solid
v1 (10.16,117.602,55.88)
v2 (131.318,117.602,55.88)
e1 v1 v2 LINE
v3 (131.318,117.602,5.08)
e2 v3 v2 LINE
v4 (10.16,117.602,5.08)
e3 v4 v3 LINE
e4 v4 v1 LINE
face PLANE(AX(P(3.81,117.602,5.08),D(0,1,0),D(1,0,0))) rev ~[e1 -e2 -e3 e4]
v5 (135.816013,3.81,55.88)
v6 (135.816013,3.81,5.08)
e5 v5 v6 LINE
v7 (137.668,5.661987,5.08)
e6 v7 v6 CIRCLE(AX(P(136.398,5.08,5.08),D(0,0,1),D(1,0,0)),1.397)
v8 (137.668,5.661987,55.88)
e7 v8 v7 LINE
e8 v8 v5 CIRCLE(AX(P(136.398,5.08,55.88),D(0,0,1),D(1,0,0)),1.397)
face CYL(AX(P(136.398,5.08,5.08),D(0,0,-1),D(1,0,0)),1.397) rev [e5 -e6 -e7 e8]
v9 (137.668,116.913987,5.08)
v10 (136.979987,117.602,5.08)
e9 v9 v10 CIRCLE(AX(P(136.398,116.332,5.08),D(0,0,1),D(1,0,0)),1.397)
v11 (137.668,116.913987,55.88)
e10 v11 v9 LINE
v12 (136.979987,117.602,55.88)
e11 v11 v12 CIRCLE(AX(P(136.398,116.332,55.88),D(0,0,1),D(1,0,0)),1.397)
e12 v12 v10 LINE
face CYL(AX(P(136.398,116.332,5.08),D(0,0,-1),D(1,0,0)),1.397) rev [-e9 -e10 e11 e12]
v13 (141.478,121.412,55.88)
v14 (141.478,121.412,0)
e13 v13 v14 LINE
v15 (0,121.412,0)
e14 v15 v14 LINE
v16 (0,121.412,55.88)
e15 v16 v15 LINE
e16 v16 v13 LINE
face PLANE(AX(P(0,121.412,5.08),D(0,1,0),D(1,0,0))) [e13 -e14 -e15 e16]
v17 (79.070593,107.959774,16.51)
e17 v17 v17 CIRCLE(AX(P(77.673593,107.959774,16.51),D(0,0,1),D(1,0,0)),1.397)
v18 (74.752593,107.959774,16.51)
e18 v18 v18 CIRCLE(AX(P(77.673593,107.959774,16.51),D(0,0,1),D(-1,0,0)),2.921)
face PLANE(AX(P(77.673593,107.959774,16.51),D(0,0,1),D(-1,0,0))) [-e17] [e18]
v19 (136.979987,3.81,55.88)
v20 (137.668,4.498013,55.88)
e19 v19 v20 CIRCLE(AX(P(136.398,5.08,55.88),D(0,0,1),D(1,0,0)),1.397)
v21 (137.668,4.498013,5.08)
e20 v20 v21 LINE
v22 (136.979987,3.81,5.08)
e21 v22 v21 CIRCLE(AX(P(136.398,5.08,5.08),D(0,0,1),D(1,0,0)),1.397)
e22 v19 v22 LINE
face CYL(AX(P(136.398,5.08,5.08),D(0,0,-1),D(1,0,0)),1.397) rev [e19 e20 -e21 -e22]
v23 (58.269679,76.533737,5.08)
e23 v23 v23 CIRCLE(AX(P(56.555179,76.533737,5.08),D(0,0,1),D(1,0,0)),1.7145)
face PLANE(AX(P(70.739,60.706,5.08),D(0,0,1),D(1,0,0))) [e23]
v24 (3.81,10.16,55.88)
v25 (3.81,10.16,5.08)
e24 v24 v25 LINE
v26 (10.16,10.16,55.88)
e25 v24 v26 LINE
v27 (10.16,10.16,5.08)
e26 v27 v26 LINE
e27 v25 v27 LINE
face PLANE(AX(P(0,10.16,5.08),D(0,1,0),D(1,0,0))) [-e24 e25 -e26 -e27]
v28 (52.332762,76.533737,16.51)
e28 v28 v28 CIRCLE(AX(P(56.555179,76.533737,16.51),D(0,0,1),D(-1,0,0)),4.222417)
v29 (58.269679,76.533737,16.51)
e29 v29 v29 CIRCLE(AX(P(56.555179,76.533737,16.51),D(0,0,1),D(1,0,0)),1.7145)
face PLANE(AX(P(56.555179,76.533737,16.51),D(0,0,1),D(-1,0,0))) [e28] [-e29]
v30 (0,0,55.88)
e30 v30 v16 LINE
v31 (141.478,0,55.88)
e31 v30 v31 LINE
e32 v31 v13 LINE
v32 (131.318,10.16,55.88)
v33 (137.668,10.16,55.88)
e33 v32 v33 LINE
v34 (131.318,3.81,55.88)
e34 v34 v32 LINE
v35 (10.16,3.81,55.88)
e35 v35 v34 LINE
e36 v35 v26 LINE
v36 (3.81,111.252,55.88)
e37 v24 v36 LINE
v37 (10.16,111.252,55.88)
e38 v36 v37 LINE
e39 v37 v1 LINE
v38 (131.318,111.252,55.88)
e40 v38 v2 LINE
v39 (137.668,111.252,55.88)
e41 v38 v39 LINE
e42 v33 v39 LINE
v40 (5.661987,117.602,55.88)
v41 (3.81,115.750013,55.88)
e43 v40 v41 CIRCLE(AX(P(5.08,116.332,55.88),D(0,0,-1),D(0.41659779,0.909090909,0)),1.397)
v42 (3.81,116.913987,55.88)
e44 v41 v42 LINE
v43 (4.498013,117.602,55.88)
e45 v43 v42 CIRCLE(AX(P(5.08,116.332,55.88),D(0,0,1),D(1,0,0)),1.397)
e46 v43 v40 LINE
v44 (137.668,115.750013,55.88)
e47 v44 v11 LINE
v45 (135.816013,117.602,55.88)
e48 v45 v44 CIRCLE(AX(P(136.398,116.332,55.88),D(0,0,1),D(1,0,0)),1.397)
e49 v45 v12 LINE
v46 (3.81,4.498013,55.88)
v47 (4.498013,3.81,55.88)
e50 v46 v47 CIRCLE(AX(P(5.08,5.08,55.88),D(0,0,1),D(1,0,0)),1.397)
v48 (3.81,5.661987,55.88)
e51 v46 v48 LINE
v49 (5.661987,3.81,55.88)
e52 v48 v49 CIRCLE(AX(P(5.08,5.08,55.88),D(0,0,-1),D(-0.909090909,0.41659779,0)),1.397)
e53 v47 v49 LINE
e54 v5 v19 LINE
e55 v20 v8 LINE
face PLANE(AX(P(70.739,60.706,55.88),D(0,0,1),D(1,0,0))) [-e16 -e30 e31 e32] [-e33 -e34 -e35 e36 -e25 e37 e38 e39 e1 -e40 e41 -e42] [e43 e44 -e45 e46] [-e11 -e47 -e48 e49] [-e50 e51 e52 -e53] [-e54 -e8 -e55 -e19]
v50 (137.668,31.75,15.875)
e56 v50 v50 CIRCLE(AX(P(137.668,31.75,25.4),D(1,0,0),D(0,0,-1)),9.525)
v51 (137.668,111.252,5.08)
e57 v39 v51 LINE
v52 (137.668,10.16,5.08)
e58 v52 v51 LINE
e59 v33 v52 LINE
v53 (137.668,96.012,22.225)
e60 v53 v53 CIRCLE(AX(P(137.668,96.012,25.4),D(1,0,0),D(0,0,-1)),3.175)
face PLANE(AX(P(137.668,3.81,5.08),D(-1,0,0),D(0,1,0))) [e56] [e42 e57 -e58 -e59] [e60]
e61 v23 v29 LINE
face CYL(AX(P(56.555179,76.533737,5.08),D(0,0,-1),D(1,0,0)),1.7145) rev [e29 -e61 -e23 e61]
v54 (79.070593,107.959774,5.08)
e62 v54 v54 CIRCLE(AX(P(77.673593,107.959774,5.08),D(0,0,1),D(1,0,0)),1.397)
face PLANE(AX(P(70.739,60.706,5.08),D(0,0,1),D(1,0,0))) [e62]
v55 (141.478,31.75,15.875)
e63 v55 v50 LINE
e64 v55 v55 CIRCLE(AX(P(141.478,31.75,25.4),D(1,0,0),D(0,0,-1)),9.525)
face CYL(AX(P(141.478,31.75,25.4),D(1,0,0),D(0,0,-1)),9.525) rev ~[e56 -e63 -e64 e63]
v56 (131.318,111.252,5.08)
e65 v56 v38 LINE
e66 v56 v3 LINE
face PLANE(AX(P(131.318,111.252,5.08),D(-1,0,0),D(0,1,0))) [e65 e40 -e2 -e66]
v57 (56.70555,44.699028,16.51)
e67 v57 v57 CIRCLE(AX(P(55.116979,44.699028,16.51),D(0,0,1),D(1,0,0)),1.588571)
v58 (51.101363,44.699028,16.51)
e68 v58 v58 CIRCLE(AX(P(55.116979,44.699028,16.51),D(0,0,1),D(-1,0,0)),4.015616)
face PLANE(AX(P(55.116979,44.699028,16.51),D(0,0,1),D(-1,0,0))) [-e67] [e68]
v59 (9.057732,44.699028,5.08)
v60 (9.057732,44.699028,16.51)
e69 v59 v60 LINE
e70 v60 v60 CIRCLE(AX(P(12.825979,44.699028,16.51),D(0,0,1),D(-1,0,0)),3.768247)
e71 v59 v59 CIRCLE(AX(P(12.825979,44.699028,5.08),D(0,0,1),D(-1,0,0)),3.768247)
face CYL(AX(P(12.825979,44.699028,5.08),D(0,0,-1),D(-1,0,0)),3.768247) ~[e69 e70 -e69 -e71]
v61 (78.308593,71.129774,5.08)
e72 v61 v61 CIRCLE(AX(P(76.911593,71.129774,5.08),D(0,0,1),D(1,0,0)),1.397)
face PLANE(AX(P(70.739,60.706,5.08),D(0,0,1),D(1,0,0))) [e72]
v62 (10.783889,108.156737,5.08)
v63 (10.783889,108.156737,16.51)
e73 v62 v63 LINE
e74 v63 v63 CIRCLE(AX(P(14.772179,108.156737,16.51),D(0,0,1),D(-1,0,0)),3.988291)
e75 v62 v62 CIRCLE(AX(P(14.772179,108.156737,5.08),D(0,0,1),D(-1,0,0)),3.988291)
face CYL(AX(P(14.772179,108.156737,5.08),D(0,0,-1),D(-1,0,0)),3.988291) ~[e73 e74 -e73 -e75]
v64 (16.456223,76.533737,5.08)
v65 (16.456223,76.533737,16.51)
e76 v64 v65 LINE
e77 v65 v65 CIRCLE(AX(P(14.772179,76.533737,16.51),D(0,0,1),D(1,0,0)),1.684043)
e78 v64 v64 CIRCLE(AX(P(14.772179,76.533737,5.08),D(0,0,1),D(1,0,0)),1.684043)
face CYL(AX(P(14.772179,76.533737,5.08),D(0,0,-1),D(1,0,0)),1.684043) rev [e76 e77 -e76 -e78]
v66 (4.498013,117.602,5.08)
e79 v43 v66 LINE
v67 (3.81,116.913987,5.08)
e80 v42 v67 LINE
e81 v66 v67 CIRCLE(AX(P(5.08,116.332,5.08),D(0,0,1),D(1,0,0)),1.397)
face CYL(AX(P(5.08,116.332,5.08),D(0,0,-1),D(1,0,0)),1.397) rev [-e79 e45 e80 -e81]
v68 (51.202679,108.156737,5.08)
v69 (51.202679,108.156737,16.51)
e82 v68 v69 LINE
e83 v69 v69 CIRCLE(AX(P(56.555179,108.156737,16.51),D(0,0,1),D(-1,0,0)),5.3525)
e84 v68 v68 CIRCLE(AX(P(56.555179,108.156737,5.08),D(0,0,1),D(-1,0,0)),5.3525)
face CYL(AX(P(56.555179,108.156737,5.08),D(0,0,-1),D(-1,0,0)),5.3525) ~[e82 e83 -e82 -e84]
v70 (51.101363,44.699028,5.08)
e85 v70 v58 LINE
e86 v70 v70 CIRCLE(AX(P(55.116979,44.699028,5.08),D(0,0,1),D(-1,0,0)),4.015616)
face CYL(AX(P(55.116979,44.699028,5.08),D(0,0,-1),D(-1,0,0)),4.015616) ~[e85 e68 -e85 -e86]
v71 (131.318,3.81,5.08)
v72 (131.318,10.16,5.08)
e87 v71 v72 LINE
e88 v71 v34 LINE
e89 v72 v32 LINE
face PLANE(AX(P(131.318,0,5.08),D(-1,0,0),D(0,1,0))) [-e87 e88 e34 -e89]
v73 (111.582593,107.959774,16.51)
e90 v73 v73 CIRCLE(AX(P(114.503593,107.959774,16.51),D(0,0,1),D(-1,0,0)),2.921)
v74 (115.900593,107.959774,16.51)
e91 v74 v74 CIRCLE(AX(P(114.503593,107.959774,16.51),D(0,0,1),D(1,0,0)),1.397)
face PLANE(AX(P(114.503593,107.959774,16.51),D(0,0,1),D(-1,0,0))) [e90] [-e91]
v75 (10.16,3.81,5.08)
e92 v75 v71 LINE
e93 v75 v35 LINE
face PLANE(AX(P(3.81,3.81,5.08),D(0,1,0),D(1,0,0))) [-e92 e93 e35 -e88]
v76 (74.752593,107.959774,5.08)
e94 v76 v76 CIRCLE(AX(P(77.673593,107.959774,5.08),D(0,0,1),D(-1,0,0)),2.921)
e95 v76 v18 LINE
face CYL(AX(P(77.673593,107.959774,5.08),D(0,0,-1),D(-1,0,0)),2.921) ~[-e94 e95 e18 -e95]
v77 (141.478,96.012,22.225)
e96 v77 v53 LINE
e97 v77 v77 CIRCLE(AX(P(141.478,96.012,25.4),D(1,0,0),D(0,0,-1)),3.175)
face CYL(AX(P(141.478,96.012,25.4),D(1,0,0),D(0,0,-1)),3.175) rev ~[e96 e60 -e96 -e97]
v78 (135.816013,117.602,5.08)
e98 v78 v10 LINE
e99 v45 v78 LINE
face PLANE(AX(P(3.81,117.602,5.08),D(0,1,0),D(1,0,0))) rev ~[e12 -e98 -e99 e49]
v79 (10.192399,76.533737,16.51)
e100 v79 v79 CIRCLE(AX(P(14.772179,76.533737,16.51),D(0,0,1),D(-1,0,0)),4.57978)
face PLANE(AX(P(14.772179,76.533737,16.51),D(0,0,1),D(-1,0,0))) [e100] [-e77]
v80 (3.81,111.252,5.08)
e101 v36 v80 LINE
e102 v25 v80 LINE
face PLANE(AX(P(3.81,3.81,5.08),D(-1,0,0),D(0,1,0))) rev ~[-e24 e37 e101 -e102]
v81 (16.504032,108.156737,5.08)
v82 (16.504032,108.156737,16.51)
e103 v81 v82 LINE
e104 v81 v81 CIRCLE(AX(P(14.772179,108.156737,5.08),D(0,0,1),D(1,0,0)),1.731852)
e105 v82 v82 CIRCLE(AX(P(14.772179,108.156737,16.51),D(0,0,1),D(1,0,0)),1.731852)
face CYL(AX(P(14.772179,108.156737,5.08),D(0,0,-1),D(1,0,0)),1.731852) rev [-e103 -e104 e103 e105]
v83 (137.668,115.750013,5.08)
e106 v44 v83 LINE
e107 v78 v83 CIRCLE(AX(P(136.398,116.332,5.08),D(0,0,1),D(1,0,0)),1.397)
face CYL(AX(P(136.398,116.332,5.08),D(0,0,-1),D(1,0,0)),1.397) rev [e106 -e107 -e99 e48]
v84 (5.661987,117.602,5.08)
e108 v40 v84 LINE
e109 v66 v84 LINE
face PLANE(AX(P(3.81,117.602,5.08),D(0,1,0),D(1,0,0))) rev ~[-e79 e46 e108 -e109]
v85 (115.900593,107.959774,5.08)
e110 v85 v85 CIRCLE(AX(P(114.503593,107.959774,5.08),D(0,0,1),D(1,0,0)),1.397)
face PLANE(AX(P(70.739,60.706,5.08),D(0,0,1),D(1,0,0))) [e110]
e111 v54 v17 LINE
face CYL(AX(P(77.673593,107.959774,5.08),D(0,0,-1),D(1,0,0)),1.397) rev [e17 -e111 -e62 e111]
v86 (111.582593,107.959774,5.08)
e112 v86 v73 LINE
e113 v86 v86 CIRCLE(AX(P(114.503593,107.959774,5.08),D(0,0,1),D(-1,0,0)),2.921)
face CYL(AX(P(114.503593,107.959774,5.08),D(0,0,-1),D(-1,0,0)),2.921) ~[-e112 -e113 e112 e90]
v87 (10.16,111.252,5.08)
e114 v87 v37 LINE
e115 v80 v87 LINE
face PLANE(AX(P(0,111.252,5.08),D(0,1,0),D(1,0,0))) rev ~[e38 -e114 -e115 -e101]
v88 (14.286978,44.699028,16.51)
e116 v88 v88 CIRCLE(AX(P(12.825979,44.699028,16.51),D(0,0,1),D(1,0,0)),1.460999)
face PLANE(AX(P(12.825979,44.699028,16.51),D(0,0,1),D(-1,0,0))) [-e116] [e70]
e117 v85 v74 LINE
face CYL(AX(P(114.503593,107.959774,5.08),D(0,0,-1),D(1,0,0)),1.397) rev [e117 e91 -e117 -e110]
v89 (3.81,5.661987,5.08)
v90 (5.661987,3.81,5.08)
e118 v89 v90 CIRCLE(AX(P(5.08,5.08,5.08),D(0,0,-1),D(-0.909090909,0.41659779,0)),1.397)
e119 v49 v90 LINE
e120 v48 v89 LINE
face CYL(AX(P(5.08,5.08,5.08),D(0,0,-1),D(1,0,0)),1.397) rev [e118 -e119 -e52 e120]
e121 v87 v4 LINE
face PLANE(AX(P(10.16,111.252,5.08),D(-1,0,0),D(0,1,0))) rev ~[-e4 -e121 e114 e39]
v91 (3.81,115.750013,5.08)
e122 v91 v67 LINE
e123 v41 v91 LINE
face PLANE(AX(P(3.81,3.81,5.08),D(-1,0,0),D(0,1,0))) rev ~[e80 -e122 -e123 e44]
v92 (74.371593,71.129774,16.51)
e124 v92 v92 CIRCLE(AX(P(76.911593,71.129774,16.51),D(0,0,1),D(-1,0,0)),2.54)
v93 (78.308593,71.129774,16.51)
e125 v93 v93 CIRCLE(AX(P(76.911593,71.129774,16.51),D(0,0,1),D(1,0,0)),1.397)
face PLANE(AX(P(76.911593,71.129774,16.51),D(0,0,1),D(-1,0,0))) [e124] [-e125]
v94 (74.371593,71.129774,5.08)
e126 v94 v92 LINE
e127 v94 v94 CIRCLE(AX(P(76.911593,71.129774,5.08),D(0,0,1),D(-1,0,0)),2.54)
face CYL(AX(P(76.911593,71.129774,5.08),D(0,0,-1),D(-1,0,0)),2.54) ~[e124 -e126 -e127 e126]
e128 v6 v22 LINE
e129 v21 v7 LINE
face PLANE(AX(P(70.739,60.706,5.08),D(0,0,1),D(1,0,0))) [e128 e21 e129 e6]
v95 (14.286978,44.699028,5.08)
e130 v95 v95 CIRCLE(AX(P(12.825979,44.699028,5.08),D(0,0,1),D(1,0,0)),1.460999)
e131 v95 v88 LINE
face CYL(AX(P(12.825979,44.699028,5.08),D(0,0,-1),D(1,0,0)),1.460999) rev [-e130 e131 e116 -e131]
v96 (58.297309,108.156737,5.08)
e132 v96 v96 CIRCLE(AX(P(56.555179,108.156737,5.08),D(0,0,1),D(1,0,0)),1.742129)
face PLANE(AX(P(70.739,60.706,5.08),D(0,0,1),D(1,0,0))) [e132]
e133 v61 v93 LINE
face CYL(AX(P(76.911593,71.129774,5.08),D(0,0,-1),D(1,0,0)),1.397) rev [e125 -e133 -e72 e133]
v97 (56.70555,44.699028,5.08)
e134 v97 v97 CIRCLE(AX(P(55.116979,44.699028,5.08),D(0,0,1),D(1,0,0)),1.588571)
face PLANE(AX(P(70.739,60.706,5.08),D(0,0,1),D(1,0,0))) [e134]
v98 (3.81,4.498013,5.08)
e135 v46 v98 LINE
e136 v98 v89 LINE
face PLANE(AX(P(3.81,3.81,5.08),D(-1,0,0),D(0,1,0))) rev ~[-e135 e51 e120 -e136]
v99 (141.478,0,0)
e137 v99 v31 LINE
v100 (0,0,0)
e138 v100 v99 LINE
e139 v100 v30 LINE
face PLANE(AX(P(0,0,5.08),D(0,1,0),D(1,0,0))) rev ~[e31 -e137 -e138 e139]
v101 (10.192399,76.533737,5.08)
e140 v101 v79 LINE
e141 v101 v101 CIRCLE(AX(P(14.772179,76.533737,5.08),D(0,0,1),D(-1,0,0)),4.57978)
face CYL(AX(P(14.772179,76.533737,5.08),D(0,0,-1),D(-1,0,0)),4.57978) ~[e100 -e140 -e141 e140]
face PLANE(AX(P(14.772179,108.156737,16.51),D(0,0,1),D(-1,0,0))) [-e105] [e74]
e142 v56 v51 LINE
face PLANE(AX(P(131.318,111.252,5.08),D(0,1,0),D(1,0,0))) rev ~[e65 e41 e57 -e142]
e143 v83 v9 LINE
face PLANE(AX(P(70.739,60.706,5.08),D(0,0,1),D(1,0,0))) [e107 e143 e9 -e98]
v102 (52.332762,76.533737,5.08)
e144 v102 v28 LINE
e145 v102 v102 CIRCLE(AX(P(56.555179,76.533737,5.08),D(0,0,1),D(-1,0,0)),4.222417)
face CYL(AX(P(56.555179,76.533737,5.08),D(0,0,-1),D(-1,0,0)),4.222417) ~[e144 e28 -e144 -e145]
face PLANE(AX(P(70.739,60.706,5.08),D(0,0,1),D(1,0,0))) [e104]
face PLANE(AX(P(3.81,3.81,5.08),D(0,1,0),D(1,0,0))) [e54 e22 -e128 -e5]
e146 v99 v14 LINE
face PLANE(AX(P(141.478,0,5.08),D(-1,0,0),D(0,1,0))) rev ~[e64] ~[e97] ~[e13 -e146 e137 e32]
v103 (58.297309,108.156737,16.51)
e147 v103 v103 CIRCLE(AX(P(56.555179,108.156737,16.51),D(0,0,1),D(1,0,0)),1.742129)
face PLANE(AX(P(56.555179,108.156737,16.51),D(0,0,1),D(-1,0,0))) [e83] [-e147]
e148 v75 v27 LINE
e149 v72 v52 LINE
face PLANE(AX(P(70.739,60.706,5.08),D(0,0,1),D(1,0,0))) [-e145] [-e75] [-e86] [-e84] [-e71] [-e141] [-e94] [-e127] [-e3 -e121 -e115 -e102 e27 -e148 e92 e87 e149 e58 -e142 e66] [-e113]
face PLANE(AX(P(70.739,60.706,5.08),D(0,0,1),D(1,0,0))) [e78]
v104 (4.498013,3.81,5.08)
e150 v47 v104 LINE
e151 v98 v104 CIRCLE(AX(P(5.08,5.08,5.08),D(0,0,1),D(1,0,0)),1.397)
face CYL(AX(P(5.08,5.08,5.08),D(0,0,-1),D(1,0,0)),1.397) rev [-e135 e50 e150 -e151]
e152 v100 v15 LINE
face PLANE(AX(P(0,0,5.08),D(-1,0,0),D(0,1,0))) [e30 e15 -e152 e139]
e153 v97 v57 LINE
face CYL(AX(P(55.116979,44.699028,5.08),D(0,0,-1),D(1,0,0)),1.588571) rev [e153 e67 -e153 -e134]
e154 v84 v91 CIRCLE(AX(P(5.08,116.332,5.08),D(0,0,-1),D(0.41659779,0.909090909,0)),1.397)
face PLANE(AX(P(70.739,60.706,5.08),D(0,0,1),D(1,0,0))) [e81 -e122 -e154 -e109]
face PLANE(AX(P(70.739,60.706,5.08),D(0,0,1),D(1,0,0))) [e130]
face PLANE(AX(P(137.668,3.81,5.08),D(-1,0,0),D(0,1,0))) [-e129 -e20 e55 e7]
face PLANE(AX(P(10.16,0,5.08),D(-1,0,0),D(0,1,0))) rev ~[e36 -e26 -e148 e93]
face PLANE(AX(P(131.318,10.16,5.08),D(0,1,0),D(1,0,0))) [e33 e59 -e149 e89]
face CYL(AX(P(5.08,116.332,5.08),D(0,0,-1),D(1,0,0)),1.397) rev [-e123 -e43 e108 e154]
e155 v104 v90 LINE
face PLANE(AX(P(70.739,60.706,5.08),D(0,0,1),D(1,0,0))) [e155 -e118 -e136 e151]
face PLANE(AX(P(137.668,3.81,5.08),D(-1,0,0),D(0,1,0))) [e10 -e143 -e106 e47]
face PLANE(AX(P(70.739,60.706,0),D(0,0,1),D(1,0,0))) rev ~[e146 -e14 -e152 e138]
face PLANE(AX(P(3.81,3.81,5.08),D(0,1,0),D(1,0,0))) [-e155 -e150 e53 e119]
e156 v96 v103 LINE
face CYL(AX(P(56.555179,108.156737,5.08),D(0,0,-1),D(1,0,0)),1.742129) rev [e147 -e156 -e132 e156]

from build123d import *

# Parameters (mm, degrees)
SKETCH1_W           = 141.478
SKETCH1_H           = 121.412
BOSS_EXTRUDE1_DEPTH = 5.08
SKETCH2_W           = 141.478
SKETCH2_H           = 121.412
SKETCH2_W_2         = 133.858
SKETCH2_H_2         = 113.792
BOSS_EXTRUDE2_DEPTH = 50.8
SKETCH3_W           = 10.16
SKETCH3_H           = 10.16
SKETCH3_R           = 1.397
BOSS_EXTRUDE3_DEPTH = 50.8
SKETCH4_R           = 9.525
CUT_EXTRUDE1_DEPTH  = 50.8
SKETCH5_R           = 3.175
CUT_EXTRUDE2_DEPTH  = 50.8
SKETCH6_R           = 5.352500138
SKETCH6_R_2         = 1.742129358
SKETCH6_R_3         = 4.222417447
SKETCH6_R_4         = 1.7145
SKETCH6_R_5         = 4.579780215
SKETCH6_R_6         = 1.684043279
SKETCH6_R_7         = 3.988290748
SKETCH6_R_8         = 1.731852199
SKETCH6_R_9         = 4.015615957
SKETCH6_R_10        = 1.588571248
SKETCH6_R_11        = 3.768246572
SKETCH6_R_12        = 1.460999264
SKETCH6_R_13        = 2.921
SKETCH6_R_14        = 1.397
SKETCH6_R_15        = 2.54
BOSS_EXTRUDE4_DEPTH = 11.43


with BuildPart() as part:
    # Sketch1 → Boss-Extrude1 (new body)
    with BuildSketch(Plane.XY):
        with Locations((70.739, 60.706)):
            Rectangle(SKETCH1_W, SKETCH1_H)
    extrude(amount=BOSS_EXTRUDE1_DEPTH)

    # Sketch2 → Boss-Extrude2 (add)
    with BuildSketch(Plane.XY.offset(5.08)):
        with Locations((70.739, 60.706)):
            Rectangle(SKETCH2_W, SKETCH2_H)
        with Locations((70.739, 60.706)):
            Rectangle(SKETCH2_W_2, SKETCH2_H_2, mode=Mode.SUBTRACT)
    extrude(amount=BOSS_EXTRUDE2_DEPTH)

    # Sketch3 → Boss-Extrude3 (add)
    # profile 1 of 4: a face of its own
    with BuildSketch(Plane.XY.offset(5.08)):
        with Locations((5.08, 116.332)):
            Rectangle(SKETCH3_W, SKETCH3_H)
        with Locations((5.08, 116.332)):
            Circle(SKETCH3_R, mode=Mode.SUBTRACT)
    # profile 2 of 4: a face of its own
    with BuildSketch(Plane.XY.offset(5.08)):
        with Locations((5.08, 5.08)):
            Rectangle(SKETCH3_W, SKETCH3_H)
        with Locations((5.08, 5.08)):
            Circle(SKETCH3_R, mode=Mode.SUBTRACT)
    # profile 3 of 4: a face of its own
    with BuildSketch(Plane.XY.offset(5.08)):
        with Locations((136.398, 5.08)):
            Rectangle(SKETCH3_W, SKETCH3_H)
        with Locations((136.398, 5.08)):
            Circle(SKETCH3_R, mode=Mode.SUBTRACT)
    # profile 4 of 4: a face of its own
    with BuildSketch(Plane.XY.offset(5.08)):
        with Locations((136.398, 116.332)):
            Rectangle(SKETCH3_W, SKETCH3_H)
        with Locations((136.398, 116.332)):
            Circle(SKETCH3_R, mode=Mode.SUBTRACT)
    extrude(amount=BOSS_EXTRUDE3_DEPTH)

    # Sketch4 → Cut-Extrude1 (cut)
    with BuildSketch(Plane(origin=(141.478, 0, 0), x_dir=(0, 0, -1), z_dir=(1, 0, 0))):
        with Locations((-25.4, 31.75)):
            Circle(SKETCH4_R)
    extrude(amount=-CUT_EXTRUDE1_DEPTH, mode=Mode.SUBTRACT)

    # Sketch5 → Cut-Extrude2 (cut)
    with BuildSketch(Plane(origin=(141.478, 0, 0), x_dir=(0, 0, -1), z_dir=(1, 0, 0))):
        with Locations((-25.4, 96.012)):
            Circle(SKETCH5_R)
    extrude(amount=-CUT_EXTRUDE2_DEPTH, mode=Mode.SUBTRACT)

    # Sketch6 → Boss-Extrude4 (add)
    # profile 1 of 9: a face of its own
    with BuildSketch(Plane.XY.offset(5.08)):
        with Locations(Location((56.555179335, 108.156736707, 0), (0, 0, 180))):
            Circle(SKETCH6_R)
        with Locations((56.555179335, 108.156736707)):
            Circle(SKETCH6_R_2, mode=Mode.SUBTRACT)
    # profile 2 of 9: a face of its own
    with BuildSketch(Plane.XY.offset(5.08)):
        with Locations(Location((56.555179335, 76.533736707, 0), (0, 0, 180))):
            Circle(SKETCH6_R_3)
        with Locations((56.555179335, 76.533736707)):
            Circle(SKETCH6_R_4, mode=Mode.SUBTRACT)
    # profile 3 of 9: a face of its own
    with BuildSketch(Plane.XY.offset(5.08)):
        with Locations(Location((14.772179335, 76.533736707, 0), (0, 0, 180))):
            Circle(SKETCH6_R_5)
        with Locations((14.772179335, 76.533736707)):
            Circle(SKETCH6_R_6, mode=Mode.SUBTRACT)
    # profile 4 of 9: a face of its own
    with BuildSketch(Plane.XY.offset(5.08)):
        with Locations(Location((14.772179335, 108.156736707, 0), (0, 0, 180))):
            Circle(SKETCH6_R_7)
        with Locations((14.772179335, 108.156736707)):
            Circle(SKETCH6_R_8, mode=Mode.SUBTRACT)
    # profile 5 of 9: a face of its own
    with BuildSketch(Plane.XY.offset(5.08)):
        with Locations(Location((55.116978912, 44.699028107, 0), (0, 0, 180))):
            Circle(SKETCH6_R_9)
        with Locations((55.116978912, 44.699028107)):
            Circle(SKETCH6_R_10, mode=Mode.SUBTRACT)
    # profile 6 of 9: a face of its own
    with BuildSketch(Plane.XY.offset(5.08)):
        with Locations(Location((12.825978912, 44.699028107, 0), (0, 0, 180))):
            Circle(SKETCH6_R_11)
        with Locations((12.825978912, 44.699028107)):
            Circle(SKETCH6_R_12, mode=Mode.SUBTRACT)
    # profile 7 of 9: a face of its own
    with BuildSketch(Plane.XY.offset(5.08)):
        with Locations(Location((114.503593068, 107.959774234, 0), (0, 0, 180))):
            Circle(SKETCH6_R_13)
        with Locations((114.503593068, 107.959774234)):
            Circle(SKETCH6_R_14, mode=Mode.SUBTRACT)
    # profile 8 of 9: a face of its own
    with BuildSketch(Plane.XY.offset(5.08)):
        with Locations(Location((76.911593068, 71.129774234, 0), (0, 0, 180))):
            Circle(SKETCH6_R_15)
        with Locations((76.911593068, 71.129774234)):
            Circle(SKETCH6_R_14, mode=Mode.SUBTRACT)
    # profile 9 of 9: a face of its own
    with BuildSketch(Plane.XY.offset(5.08)):
        with Locations(Location((77.673593068, 107.959774234, 0), (0, 0, 180))):
            Circle(SKETCH6_R_13)
        with Locations((77.673593068, 107.959774234)):
            Circle(SKETCH6_R_14, mode=Mode.SUBTRACT)
    extrude(amount=BOSS_EXTRUDE4_DEPTH)


solid = part.part
